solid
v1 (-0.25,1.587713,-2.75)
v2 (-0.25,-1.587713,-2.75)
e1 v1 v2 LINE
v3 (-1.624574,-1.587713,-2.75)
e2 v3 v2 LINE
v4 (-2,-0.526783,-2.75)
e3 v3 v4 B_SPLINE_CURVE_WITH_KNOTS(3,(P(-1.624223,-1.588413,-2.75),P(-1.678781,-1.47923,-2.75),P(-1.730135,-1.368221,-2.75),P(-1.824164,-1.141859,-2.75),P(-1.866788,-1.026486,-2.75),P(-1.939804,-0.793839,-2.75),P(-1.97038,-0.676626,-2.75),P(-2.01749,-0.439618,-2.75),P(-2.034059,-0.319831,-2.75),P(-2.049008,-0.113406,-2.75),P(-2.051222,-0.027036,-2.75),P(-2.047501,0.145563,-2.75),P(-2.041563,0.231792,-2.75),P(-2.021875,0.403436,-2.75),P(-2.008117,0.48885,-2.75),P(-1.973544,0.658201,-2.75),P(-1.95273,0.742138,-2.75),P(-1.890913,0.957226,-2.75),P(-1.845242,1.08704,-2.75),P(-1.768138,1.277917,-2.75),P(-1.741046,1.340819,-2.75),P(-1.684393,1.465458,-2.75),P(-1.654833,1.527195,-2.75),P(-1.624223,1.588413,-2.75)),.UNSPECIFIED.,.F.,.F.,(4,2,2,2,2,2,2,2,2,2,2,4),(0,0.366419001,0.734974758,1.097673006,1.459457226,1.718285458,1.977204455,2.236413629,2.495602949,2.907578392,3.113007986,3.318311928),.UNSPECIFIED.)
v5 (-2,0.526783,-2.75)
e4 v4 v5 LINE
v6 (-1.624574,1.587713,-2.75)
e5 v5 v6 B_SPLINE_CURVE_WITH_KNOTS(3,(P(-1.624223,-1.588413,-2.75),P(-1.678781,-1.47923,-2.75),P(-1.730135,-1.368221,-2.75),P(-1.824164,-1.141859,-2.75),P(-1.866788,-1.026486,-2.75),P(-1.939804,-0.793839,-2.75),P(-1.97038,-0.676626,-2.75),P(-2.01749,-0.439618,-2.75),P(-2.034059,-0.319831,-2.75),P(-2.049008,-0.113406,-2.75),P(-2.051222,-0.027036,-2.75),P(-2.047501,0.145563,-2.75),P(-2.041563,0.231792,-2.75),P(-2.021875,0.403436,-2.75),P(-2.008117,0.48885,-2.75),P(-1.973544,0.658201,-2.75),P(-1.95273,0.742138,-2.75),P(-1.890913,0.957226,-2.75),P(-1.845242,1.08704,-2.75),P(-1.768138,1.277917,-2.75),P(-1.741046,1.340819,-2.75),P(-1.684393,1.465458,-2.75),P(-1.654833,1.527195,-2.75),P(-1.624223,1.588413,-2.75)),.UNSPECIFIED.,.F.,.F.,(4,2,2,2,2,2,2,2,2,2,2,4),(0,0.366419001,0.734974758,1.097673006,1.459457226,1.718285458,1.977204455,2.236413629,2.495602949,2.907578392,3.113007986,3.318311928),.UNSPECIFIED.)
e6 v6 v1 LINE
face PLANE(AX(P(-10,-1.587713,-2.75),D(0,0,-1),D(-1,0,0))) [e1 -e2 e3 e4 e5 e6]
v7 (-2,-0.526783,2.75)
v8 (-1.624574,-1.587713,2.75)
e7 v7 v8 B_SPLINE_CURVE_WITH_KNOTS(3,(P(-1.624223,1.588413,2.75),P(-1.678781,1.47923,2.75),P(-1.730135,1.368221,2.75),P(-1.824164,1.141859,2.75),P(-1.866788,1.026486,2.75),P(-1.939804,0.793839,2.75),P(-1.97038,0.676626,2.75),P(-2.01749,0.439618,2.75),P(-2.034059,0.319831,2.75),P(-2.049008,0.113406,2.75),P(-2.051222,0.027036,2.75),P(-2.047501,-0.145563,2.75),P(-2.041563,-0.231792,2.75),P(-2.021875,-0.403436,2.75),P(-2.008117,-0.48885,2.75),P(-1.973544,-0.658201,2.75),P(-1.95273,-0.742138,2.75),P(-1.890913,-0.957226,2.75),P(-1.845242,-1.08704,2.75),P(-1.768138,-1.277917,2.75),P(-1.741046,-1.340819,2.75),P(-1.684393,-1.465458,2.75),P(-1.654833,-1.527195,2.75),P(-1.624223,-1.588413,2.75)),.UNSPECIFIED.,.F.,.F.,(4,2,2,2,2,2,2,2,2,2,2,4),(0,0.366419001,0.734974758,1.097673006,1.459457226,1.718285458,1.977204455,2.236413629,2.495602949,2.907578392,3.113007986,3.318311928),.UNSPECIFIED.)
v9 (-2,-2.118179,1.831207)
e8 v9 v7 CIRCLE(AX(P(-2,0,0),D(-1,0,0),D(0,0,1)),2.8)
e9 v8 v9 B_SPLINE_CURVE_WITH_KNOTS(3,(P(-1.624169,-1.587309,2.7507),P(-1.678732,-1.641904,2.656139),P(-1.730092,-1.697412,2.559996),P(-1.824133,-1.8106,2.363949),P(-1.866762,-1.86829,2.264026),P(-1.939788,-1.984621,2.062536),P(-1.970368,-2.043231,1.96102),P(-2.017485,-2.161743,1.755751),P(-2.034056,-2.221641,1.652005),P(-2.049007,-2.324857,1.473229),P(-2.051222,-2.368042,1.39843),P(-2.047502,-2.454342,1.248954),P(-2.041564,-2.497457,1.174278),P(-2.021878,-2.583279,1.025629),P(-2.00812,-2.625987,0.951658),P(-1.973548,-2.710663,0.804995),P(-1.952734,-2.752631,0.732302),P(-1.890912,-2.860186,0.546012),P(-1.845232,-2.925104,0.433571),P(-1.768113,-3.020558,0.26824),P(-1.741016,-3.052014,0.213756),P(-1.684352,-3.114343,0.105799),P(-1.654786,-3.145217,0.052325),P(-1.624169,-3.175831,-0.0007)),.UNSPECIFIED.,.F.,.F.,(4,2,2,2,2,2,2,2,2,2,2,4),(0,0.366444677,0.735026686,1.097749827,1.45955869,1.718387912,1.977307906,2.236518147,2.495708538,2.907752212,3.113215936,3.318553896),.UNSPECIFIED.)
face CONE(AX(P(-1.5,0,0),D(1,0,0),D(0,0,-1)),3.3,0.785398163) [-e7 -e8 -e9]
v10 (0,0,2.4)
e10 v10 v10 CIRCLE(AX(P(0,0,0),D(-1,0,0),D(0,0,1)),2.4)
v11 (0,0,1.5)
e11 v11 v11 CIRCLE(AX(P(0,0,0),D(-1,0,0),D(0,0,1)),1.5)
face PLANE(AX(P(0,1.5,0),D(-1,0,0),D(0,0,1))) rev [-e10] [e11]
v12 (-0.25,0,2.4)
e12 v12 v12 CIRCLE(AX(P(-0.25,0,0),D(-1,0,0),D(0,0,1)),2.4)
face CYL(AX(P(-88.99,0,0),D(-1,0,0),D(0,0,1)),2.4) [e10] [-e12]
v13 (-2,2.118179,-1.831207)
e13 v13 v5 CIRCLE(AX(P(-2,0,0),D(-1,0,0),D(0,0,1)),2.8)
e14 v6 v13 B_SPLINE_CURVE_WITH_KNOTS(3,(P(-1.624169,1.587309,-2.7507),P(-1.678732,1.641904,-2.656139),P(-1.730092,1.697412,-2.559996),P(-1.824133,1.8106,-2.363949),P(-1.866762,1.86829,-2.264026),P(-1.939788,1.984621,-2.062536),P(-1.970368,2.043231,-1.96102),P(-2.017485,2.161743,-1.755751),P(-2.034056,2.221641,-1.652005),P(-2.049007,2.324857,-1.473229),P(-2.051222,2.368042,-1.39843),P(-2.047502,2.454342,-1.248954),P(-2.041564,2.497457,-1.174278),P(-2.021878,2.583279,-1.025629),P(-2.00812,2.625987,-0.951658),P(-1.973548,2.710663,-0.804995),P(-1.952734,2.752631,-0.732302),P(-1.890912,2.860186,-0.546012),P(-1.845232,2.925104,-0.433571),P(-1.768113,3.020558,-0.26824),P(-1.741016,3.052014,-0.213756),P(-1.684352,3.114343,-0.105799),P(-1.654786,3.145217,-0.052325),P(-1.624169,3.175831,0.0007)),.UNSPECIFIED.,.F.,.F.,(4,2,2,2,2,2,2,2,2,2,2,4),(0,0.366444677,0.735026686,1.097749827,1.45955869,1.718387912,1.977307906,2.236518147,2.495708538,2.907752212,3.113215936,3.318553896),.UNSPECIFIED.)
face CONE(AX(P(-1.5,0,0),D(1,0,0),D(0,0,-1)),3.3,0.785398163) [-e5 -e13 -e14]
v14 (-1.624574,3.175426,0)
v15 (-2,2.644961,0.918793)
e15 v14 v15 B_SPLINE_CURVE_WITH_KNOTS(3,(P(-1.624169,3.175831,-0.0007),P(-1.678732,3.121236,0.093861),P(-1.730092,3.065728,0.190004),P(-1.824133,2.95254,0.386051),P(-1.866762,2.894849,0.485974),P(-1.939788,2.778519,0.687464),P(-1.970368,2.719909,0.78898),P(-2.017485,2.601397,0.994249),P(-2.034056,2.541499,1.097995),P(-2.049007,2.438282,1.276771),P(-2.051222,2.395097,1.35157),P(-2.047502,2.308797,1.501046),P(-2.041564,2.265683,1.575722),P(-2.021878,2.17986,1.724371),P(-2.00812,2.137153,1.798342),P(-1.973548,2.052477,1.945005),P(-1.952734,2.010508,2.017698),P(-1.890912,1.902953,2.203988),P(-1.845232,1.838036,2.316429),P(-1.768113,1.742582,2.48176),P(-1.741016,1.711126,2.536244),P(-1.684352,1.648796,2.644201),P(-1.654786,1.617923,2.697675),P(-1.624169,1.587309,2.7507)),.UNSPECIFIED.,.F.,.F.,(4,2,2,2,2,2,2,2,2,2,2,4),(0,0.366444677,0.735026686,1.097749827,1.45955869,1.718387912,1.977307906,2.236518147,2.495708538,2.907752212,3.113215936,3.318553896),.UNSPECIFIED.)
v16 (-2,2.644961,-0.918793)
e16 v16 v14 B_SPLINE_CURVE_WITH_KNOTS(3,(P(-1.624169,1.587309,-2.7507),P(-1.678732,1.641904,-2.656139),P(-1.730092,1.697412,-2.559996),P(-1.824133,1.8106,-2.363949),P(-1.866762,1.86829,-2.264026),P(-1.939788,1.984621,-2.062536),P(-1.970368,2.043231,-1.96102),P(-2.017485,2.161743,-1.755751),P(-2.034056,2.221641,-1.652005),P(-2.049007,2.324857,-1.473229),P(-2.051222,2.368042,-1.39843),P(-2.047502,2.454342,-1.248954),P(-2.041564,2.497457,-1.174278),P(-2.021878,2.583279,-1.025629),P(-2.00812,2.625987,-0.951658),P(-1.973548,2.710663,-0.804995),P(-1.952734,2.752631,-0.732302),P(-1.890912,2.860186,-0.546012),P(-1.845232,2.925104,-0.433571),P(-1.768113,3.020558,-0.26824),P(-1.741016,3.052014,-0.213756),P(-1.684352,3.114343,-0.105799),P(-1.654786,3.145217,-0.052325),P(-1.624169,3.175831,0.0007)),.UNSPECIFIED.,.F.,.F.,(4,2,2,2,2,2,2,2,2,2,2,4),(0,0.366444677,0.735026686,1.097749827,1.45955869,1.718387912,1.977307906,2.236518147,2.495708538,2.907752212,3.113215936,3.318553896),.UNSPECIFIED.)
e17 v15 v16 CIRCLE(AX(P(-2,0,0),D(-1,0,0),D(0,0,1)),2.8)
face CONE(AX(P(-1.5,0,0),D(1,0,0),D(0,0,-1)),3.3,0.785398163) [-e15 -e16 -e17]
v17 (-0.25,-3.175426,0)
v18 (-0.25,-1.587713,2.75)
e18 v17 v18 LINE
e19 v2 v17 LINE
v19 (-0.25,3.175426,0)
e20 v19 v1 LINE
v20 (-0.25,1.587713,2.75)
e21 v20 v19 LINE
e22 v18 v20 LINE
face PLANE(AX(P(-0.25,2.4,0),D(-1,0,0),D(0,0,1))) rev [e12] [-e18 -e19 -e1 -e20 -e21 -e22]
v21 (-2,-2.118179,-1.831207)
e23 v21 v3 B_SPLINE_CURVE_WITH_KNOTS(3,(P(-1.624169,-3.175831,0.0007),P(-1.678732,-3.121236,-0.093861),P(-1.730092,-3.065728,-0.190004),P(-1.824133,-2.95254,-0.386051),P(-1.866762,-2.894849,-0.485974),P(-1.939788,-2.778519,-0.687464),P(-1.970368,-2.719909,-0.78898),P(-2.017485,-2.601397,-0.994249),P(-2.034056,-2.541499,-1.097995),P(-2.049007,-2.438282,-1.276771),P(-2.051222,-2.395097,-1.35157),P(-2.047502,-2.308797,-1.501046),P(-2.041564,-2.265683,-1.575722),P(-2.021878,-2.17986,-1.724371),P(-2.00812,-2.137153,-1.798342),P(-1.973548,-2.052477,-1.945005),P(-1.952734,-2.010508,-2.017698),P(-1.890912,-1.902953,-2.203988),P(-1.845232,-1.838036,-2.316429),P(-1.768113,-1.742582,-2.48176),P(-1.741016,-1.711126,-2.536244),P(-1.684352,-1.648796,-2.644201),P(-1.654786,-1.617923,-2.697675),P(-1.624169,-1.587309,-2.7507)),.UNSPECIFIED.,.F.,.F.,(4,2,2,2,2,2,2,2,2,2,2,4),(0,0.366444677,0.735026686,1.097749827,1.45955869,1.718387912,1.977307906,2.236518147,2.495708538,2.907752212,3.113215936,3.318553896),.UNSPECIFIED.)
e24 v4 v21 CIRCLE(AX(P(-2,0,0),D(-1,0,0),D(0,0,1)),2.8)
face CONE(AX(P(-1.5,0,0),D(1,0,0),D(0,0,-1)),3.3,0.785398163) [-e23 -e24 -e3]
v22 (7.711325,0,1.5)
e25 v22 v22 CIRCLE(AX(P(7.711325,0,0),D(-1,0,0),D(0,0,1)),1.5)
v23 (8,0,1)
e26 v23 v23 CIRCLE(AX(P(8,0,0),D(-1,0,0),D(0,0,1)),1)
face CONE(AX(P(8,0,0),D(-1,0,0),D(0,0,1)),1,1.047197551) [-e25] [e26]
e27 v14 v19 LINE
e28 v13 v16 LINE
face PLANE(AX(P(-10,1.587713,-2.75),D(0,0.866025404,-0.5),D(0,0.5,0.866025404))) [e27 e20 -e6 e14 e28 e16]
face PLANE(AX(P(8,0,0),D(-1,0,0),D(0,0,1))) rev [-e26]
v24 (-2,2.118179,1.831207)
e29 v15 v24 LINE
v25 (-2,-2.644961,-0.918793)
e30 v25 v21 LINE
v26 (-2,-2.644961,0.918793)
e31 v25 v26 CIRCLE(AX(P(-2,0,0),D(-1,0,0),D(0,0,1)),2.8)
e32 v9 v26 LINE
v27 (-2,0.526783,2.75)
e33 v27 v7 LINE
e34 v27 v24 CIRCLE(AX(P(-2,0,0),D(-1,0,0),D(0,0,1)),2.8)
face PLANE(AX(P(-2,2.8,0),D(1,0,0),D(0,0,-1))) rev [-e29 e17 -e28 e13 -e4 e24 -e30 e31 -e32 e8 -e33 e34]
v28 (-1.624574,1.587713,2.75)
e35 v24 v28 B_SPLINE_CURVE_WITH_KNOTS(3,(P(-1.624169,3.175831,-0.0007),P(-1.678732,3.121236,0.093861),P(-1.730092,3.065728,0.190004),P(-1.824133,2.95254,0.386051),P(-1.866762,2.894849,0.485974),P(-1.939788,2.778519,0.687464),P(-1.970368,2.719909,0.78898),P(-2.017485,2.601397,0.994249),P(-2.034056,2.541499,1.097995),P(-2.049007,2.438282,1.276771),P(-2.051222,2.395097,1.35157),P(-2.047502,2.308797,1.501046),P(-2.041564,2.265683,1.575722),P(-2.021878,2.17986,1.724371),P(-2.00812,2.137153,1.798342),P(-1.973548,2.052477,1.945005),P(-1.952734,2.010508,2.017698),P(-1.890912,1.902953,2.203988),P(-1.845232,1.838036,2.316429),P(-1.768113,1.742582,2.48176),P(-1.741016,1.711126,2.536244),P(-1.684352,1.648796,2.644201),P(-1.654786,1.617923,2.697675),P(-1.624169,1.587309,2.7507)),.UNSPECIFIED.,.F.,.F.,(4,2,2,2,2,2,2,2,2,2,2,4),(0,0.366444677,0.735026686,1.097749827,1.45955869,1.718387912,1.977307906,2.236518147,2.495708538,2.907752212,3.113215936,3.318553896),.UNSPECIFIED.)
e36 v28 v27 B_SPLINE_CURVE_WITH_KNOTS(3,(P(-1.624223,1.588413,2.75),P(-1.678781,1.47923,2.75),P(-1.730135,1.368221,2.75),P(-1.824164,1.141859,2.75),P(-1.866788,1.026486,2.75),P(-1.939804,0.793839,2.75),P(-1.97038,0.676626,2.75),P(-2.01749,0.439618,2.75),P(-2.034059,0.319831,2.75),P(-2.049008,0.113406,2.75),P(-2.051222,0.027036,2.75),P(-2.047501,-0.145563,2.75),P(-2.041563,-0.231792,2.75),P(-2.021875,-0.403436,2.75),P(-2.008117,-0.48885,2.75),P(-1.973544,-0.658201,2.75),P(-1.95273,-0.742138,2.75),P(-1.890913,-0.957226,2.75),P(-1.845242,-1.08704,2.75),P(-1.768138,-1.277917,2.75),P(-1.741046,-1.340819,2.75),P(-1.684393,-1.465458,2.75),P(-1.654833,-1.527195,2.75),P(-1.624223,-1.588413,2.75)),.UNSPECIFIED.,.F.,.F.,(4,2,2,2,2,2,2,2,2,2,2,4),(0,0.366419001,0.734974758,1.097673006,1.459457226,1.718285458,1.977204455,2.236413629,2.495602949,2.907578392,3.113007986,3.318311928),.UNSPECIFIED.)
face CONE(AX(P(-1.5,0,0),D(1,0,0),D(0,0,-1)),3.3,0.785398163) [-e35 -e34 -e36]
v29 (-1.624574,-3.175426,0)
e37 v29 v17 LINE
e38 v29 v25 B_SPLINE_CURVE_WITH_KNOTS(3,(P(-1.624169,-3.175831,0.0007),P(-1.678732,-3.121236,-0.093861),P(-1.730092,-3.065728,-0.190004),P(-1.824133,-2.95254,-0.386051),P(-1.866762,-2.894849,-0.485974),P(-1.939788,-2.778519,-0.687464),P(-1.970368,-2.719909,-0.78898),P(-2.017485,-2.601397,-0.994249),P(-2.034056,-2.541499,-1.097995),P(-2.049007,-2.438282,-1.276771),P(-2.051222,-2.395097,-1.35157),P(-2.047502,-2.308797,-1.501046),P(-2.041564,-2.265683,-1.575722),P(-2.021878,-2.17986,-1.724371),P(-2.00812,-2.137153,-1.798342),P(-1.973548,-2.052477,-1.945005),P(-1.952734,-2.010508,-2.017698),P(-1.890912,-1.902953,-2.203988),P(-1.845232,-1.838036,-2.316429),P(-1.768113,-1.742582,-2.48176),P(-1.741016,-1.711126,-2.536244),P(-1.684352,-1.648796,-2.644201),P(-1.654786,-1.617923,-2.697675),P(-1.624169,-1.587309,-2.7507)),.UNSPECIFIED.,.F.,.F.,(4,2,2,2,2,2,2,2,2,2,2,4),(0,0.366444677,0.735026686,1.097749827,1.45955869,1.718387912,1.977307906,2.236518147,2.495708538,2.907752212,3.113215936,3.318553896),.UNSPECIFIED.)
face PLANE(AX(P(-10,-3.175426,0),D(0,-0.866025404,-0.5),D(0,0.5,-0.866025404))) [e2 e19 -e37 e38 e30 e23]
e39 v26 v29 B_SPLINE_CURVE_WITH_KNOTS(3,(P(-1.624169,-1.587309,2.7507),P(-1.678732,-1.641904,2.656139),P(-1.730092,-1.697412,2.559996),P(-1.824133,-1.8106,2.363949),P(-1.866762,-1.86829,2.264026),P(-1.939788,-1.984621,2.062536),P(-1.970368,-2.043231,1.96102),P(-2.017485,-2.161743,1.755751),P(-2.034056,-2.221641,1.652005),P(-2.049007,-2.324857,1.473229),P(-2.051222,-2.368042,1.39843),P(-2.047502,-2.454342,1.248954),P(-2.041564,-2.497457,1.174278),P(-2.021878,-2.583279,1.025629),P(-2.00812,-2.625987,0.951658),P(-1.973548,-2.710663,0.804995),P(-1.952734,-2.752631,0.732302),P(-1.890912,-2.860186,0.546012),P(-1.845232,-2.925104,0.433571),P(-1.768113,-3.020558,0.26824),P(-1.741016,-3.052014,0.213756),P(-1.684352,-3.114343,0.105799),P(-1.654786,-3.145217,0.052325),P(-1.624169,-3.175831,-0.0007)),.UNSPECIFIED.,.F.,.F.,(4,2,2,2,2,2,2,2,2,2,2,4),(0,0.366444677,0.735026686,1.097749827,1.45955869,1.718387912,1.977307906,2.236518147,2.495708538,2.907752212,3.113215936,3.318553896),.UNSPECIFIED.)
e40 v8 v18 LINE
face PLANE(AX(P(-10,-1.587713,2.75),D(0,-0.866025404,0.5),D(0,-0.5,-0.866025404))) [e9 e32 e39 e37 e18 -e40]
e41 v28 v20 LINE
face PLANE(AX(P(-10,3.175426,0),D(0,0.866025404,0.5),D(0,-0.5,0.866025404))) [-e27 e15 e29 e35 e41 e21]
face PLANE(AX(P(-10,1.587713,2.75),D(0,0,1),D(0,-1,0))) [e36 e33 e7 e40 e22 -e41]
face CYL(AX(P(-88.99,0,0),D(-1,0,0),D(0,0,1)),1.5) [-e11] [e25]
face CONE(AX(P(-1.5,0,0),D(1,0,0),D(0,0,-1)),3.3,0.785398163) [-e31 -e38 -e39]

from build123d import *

# Parameters (mm, degrees)
SKETCH2_OUTSIDE_W  = 11.336
SKETCH2_OUTSIDE_H  = 11.336
CUT_EXTRUDE1_DEPTH = 10


with BuildPart() as part:
    # Sketch1 → Revolve1 (revolve)
    with BuildSketch(Plane.XY):
        Polygon((0, 1.5), (0, 2.4), (-0.25, 2.4), (-0.25, 3.3), (-1.5, 3.3), (-2, 2.8), (-2, 0), (8, 0), (8, 1), (7.711324865, 1.5), align=None)
    revolve(axis=Axis((-88.99, 0, 0), (1, 0, 0)))

    # Sketch2 outside → Cut-Extrude1 (cut)
    with BuildSketch(Plane(origin=(0, 0, 0), x_dir=(0, 0, -1), z_dir=(1, 0, 0))):
        Rectangle(SKETCH2_OUTSIDE_W, SKETCH2_OUTSIDE_H)
        Polygon((0, 3.175426481), (-2.75, 1.58771324), (-2.75, -1.58771324), (0, -3.175426481), (2.75, -1.58771324), (2.75, 1.58771324), align=None, mode=Mode.SUBTRACT)
    extrude(amount=-CUT_EXTRUDE1_DEPTH, mode=Mode.SUBTRACT)


solid = part.part
